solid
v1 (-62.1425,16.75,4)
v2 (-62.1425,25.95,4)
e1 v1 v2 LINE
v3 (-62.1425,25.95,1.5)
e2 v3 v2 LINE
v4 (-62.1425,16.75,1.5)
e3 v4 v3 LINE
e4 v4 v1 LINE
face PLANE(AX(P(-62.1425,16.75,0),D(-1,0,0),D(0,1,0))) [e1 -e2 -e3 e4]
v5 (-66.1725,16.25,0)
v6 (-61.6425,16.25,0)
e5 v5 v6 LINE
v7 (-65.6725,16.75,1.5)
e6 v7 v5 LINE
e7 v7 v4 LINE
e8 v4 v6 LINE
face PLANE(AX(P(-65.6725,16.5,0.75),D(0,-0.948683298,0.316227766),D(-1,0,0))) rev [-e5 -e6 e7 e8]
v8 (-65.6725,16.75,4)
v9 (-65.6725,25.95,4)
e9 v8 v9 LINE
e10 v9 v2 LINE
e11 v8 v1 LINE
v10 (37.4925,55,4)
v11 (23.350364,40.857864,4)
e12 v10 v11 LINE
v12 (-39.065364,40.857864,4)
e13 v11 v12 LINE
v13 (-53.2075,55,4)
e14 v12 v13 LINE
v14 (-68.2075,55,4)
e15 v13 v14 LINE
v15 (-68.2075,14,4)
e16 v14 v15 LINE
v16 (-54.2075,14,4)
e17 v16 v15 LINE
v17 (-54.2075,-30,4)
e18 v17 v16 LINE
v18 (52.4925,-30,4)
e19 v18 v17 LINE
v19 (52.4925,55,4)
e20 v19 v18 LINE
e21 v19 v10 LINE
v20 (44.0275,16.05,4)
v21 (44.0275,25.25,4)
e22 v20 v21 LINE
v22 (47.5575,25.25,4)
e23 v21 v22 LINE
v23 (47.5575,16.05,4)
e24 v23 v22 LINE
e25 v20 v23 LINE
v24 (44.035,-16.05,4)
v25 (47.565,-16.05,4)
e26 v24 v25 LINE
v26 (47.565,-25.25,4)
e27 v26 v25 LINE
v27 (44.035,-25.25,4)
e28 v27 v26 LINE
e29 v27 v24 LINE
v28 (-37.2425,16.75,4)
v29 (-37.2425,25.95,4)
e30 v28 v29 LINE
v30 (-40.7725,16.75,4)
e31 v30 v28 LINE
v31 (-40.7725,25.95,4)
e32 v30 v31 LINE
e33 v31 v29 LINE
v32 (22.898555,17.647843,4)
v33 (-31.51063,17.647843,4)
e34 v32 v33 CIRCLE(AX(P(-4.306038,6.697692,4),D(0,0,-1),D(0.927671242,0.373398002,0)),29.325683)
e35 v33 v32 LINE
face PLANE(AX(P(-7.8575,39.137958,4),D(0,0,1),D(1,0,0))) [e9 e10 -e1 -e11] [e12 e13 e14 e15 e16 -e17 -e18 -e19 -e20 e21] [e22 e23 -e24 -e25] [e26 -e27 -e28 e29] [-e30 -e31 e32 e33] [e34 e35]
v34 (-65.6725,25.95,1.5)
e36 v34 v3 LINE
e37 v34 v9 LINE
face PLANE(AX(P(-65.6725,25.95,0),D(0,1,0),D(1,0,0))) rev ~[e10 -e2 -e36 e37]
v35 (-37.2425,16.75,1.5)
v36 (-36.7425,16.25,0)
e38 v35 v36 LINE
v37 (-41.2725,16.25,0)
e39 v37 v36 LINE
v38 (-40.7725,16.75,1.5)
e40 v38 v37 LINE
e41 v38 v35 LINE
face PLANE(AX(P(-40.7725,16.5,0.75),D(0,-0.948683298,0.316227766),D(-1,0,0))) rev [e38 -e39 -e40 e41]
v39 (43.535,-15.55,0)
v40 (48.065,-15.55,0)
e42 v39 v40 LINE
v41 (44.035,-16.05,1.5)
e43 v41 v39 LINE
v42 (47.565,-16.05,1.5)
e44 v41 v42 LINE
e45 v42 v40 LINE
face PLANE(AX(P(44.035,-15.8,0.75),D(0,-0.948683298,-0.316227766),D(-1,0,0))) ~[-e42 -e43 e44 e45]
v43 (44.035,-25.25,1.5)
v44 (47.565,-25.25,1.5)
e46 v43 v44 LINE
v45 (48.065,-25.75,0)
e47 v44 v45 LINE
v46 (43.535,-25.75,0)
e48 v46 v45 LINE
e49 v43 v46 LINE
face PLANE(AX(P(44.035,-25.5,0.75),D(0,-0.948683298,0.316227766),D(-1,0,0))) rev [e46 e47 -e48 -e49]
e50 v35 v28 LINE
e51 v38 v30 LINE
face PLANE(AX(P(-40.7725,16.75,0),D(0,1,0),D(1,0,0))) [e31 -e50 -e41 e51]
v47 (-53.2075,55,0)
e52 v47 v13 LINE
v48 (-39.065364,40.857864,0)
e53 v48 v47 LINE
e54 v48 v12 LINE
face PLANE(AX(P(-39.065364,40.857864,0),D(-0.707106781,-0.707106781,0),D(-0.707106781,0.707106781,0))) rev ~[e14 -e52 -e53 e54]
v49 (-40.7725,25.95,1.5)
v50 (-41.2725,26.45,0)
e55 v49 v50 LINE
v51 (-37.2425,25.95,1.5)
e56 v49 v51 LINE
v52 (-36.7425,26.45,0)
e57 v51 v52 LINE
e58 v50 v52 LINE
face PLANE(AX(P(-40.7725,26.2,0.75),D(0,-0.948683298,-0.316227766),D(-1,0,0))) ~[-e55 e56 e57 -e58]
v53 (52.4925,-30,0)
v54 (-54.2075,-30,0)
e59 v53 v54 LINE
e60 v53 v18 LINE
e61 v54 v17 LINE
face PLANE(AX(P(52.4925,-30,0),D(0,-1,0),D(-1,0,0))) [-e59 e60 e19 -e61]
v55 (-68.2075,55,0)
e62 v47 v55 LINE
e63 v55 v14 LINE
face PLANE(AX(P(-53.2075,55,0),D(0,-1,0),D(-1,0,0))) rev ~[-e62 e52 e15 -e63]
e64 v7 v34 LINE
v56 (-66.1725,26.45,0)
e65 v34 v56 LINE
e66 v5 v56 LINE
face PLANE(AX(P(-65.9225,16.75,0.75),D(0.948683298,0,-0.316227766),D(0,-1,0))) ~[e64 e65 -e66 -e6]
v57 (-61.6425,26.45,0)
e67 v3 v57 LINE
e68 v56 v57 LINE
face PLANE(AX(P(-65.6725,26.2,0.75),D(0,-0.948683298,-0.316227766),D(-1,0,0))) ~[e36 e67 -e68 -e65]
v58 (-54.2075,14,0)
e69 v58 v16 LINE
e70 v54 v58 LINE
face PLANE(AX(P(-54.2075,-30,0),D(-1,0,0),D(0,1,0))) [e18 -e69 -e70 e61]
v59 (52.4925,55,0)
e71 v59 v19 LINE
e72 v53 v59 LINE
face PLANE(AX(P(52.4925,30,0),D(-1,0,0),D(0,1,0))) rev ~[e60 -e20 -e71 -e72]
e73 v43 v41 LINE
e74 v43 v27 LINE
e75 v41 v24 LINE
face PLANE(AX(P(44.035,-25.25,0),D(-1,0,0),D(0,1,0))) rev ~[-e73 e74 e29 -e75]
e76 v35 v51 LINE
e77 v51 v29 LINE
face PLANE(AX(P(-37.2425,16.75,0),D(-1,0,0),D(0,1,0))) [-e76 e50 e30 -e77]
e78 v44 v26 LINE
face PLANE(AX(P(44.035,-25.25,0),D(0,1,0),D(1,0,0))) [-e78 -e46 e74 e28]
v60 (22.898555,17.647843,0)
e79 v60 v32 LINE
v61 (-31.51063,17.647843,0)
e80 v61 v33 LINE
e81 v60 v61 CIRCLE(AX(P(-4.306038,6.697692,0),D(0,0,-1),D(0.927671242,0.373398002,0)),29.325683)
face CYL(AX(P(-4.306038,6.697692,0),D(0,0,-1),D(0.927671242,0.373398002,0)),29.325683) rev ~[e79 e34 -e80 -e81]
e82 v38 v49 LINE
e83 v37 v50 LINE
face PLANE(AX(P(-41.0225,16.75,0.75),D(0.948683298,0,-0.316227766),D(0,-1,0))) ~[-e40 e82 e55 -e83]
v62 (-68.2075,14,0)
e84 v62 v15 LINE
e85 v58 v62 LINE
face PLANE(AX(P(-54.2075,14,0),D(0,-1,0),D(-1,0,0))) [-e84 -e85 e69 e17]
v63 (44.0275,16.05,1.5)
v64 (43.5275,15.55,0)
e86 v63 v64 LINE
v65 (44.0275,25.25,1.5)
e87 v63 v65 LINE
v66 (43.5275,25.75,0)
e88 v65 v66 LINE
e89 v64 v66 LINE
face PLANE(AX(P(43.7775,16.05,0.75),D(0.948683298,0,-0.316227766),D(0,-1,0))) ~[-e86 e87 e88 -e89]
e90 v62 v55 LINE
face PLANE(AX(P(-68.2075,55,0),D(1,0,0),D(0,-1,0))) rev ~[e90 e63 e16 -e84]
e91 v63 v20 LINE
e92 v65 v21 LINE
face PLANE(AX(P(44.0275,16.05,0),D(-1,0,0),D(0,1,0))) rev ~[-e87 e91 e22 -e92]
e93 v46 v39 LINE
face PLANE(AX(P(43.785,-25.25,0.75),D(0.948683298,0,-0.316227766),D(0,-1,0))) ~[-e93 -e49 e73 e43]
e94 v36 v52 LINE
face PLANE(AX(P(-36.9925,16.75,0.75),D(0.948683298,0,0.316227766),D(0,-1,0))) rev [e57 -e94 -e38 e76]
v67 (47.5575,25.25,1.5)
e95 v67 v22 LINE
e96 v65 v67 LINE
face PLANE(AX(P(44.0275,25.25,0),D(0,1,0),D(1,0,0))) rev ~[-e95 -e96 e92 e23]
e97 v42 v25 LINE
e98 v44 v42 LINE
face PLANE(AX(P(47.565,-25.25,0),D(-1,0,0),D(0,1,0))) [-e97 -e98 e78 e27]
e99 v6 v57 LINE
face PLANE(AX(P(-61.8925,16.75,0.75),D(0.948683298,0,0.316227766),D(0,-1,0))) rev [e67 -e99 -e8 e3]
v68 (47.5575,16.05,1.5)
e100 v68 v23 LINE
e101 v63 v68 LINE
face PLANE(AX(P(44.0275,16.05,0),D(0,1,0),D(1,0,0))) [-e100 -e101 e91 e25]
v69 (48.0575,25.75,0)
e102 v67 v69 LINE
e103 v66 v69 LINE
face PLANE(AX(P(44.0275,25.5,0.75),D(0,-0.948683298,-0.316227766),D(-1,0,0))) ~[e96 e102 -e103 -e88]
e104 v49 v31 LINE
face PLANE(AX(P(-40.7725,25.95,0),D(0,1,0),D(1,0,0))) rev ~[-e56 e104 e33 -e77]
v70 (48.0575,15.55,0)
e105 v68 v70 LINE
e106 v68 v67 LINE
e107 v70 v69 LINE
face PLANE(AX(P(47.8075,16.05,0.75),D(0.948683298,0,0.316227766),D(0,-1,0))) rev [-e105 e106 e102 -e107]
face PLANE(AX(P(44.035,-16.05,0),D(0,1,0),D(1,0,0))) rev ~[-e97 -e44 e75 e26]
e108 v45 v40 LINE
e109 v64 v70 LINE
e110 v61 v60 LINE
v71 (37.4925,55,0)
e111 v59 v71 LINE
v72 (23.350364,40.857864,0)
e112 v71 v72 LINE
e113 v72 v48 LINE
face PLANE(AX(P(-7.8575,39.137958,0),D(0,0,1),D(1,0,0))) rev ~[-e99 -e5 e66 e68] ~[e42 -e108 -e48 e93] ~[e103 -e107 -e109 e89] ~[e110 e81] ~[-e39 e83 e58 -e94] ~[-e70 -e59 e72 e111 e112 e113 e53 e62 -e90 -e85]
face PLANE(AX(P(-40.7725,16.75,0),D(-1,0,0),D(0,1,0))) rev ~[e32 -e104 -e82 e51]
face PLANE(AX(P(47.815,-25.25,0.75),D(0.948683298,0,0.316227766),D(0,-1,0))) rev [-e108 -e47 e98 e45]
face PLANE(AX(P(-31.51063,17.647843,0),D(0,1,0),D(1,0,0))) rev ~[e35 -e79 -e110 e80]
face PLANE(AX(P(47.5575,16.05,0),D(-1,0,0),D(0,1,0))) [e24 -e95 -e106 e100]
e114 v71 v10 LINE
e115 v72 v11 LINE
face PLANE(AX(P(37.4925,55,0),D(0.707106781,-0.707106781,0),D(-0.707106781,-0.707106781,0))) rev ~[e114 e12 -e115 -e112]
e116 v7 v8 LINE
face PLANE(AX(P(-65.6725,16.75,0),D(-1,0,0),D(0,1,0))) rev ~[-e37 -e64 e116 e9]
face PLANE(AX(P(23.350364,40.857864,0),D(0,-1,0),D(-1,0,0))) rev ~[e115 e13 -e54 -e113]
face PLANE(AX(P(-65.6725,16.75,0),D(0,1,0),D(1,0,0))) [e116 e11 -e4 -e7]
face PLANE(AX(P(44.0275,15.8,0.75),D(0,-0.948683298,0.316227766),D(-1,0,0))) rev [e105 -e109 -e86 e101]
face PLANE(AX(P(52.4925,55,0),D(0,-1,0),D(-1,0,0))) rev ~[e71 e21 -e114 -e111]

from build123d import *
from OCP.BRepFilletAPI import BRepFilletAPI_MakeChamfer

# Parameters (mm, degrees)
SKETCH1_W           = 3.53
SKETCH1_H           = 9.2
BOSS_EXTRUDE1_DEPTH = 4
BOSS_EXTRUDE2_DEPTH = 4
CHAMFER1_SIZE       = 1.5
CHAMFER1_SIZE2      = 0.5


with BuildPart() as part:
    # Sketch1 → Boss-Extrude1 (new body)
    with BuildSketch(Plane.XY):
        Polygon((52.4925, 30), (52.4925, -30), (-54.2075, -30), (-54.2075, 14), (-68.2075, 14), (-68.2075, 30), align=None)
        with BuildLine():
            Line((-31.510630119, 17.647843267), (22.89855475, 17.647843267))
            ThreePointArc((22.89855475, 17.647843267), (-4.306037684, -22.627990687), (-31.510630119, 17.647843267))
        make_face(mode=Mode.SUBTRACT)
        with Locations((-39.0075, 21.35)):
            Rectangle(SKETCH1_W, SKETCH1_H, mode=Mode.SUBTRACT)
        with Locations((45.7925, 20.65)):
            Rectangle(SKETCH1_W, SKETCH1_H, mode=Mode.SUBTRACT)
        with Locations((45.8, -20.65)):
            Rectangle(SKETCH1_W, SKETCH1_H, mode=Mode.SUBTRACT)
        with Locations((-63.9075, 21.35)):
            Rectangle(SKETCH1_W, SKETCH1_H, mode=Mode.SUBTRACT)
    extrude(amount=BOSS_EXTRUDE1_DEPTH)

    # Sketch2 → Boss-Extrude2 (add)
    with BuildSketch(Plane.XY):
        Polygon((-68.2075, 30), (52.4925, 30), (52.4925, 55), (37.4925, 55), (23.350364376, 40.857864376), (-39.065364376, 40.857864376), (-53.2075, 55), (-68.2075, 55), align=None)
    extrude(amount=BOSS_EXTRUDE2_DEPTH)

    # Chamfer1: one chamfer whose edges measure the first distance from different faces: ONE call of the kernel's chamfer builder (chamfer() names one face for all edges)
    chamfer1_edges_1 = [part.edges().sort_by_distance(p)[0] for p in [
        (-40.7725, 21.35, 0),
    ]]
    chamfer1_side_1 = [part.faces().sort_by_distance(p)[0] for p in [
        (-40.7725, 21.35, 2),
    ]]
    chamfer1_edges_2 = [part.edges().sort_by_distance(p)[0] for p in [
        (-39.0075, 16.75, 0),
    ]]
    chamfer1_side_2 = [part.faces().sort_by_distance(p)[0] for p in [
        (-39.0075, 16.75, 2),
    ]]
    chamfer1_edges_3 = [part.edges().sort_by_distance(p)[0] for p in [
        (-37.2425, 21.35, 0),
    ]]
    chamfer1_side_3 = [part.faces().sort_by_distance(p)[0] for p in [
        (-37.2425, 21.35, 2),
    ]]
    chamfer1_edges_4 = [part.edges().sort_by_distance(p)[0] for p in [
        (-39.0075, 25.95, 0),
    ]]
    chamfer1_side_4 = [part.faces().sort_by_distance(p)[0] for p in [
        (-39.0075, 25.95, 2),
    ]]
    chamfer1_edges_5 = [part.edges().sort_by_distance(p)[0] for p in [
        (-65.6725, 21.35, 0),
    ]]
    chamfer1_side_5 = [part.faces().sort_by_distance(p)[0] for p in [
        (-65.6725, 21.35, 2),
    ]]
    chamfer1_edges_6 = [part.edges().sort_by_distance(p)[0] for p in [
        (-63.9075, 16.75, 0),
    ]]
    chamfer1_side_6 = [part.faces().sort_by_distance(p)[0] for p in [
        (-63.9075, 16.75, 2),
    ]]
    chamfer1_edges_7 = [part.edges().sort_by_distance(p)[0] for p in [
        (-62.1425, 21.35, 0),
    ]]
    chamfer1_side_7 = [part.faces().sort_by_distance(p)[0] for p in [
        (-62.1425, 21.35, 2),
    ]]
    chamfer1_edges_8 = [part.edges().sort_by_distance(p)[0] for p in [
        (-63.9075, 25.95, 0),
    ]]
    chamfer1_side_8 = [part.faces().sort_by_distance(p)[0] for p in [
        (-63.9075, 25.95, 2),
    ]]
    chamfer1_edges_9 = [part.edges().sort_by_distance(p)[0] for p in [
        (44.0275, 20.65, 0),
    ]]
    chamfer1_side_9 = [part.faces().sort_by_distance(p)[0] for p in [
        (44.0275, 20.65, 2),
    ]]
    chamfer1_edges_10 = [part.edges().sort_by_distance(p)[0] for p in [
        (45.7925, 16.05, 0),
    ]]
    chamfer1_side_10 = [part.faces().sort_by_distance(p)[0] for p in [
        (45.7925, 16.05, 2),
    ]]
    chamfer1_edges_11 = [part.edges().sort_by_distance(p)[0] for p in [
        (47.5575, 20.65, 0),
    ]]
    chamfer1_side_11 = [part.faces().sort_by_distance(p)[0] for p in [
        (47.5575, 20.65, 2),
    ]]
    chamfer1_edges_12 = [part.edges().sort_by_distance(p)[0] for p in [
        (45.7925, 25.25, 0),
    ]]
    chamfer1_side_12 = [part.faces().sort_by_distance(p)[0] for p in [
        (45.7925, 25.25, 2),
    ]]
    chamfer1_edges_13 = [part.edges().sort_by_distance(p)[0] for p in [
        (47.565, -20.65, 0),
    ]]
    chamfer1_side_13 = [part.faces().sort_by_distance(p)[0] for p in [
        (47.565, -20.65, 2),
    ]]
    chamfer1_edges_14 = [part.edges().sort_by_distance(p)[0] for p in [
        (45.8, -16.05, 0),
    ]]
    chamfer1_side_14 = [part.faces().sort_by_distance(p)[0] for p in [
        (45.8, -16.05, 2),
    ]]
    chamfer1_edges_15 = [part.edges().sort_by_distance(p)[0] for p in [
        (44.035, -20.65, 0),
    ]]
    chamfer1_side_15 = [part.faces().sort_by_distance(p)[0] for p in [
        (44.035, -20.65, 2),
    ]]
    chamfer1_edges_16 = [part.edges().sort_by_distance(p)[0] for p in [
        (45.8, -25.25, 0),
    ]]
    chamfer1_side_16 = [part.faces().sort_by_distance(p)[0] for p in [
        (45.8, -25.25, 2),
    ]]
    chamfer1 = BRepFilletAPI_MakeChamfer(part.part.solid().wrapped)
    for e in chamfer1_edges_1:
        chamfer1.Add(CHAMFER1_SIZE, CHAMFER1_SIZE2, e.wrapped, chamfer1_side_1[0].wrapped)  # the first distance lies on this face
    for e in chamfer1_edges_2:
        chamfer1.Add(CHAMFER1_SIZE, CHAMFER1_SIZE2, e.wrapped, chamfer1_side_2[0].wrapped)  # the first distance lies on this face
    for e in chamfer1_edges_3:
        chamfer1.Add(CHAMFER1_SIZE, CHAMFER1_SIZE2, e.wrapped, chamfer1_side_3[0].wrapped)  # the first distance lies on this face
    for e in chamfer1_edges_4:
        chamfer1.Add(CHAMFER1_SIZE, CHAMFER1_SIZE2, e.wrapped, chamfer1_side_4[0].wrapped)  # the first distance lies on this face
    for e in chamfer1_edges_5:
        chamfer1.Add(CHAMFER1_SIZE, CHAMFER1_SIZE2, e.wrapped, chamfer1_side_5[0].wrapped)  # the first distance lies on this face
    for e in chamfer1_edges_6:
        chamfer1.Add(CHAMFER1_SIZE, CHAMFER1_SIZE2, e.wrapped, chamfer1_side_6[0].wrapped)  # the first distance lies on this face
    for e in chamfer1_edges_7:
        chamfer1.Add(CHAMFER1_SIZE, CHAMFER1_SIZE2, e.wrapped, chamfer1_side_7[0].wrapped)  # the first distance lies on this face
    for e in chamfer1_edges_8:
        chamfer1.Add(CHAMFER1_SIZE, CHAMFER1_SIZE2, e.wrapped, chamfer1_side_8[0].wrapped)  # the first distance lies on this face
    for e in chamfer1_edges_9:
        chamfer1.Add(CHAMFER1_SIZE, CHAMFER1_SIZE2, e.wrapped, chamfer1_side_9[0].wrapped)  # the first distance lies on this face
    for e in chamfer1_edges_10:
        chamfer1.Add(CHAMFER1_SIZE, CHAMFER1_SIZE2, e.wrapped, chamfer1_side_10[0].wrapped)  # the first distance lies on this face
    for e in chamfer1_edges_11:
        chamfer1.Add(CHAMFER1_SIZE, CHAMFER1_SIZE2, e.wrapped, chamfer1_side_11[0].wrapped)  # the first distance lies on this face
    for e in chamfer1_edges_12:
        chamfer1.Add(CHAMFER1_SIZE, CHAMFER1_SIZE2, e.wrapped, chamfer1_side_12[0].wrapped)  # the first distance lies on this face
    for e in chamfer1_edges_13:
        chamfer1.Add(CHAMFER1_SIZE, CHAMFER1_SIZE2, e.wrapped, chamfer1_side_13[0].wrapped)  # the first distance lies on this face
    for e in chamfer1_edges_14:
        chamfer1.Add(CHAMFER1_SIZE, CHAMFER1_SIZE2, e.wrapped, chamfer1_side_14[0].wrapped)  # the first distance lies on this face
    for e in chamfer1_edges_15:
        chamfer1.Add(CHAMFER1_SIZE, CHAMFER1_SIZE2, e.wrapped, chamfer1_side_15[0].wrapped)  # the first distance lies on this face
    for e in chamfer1_edges_16:
        chamfer1.Add(CHAMFER1_SIZE, CHAMFER1_SIZE2, e.wrapped, chamfer1_side_16[0].wrapped)  # the first distance lies on this face
    add(Compound.cast(chamfer1.Shape()), mode=Mode.REPLACE)


solid = part.part
